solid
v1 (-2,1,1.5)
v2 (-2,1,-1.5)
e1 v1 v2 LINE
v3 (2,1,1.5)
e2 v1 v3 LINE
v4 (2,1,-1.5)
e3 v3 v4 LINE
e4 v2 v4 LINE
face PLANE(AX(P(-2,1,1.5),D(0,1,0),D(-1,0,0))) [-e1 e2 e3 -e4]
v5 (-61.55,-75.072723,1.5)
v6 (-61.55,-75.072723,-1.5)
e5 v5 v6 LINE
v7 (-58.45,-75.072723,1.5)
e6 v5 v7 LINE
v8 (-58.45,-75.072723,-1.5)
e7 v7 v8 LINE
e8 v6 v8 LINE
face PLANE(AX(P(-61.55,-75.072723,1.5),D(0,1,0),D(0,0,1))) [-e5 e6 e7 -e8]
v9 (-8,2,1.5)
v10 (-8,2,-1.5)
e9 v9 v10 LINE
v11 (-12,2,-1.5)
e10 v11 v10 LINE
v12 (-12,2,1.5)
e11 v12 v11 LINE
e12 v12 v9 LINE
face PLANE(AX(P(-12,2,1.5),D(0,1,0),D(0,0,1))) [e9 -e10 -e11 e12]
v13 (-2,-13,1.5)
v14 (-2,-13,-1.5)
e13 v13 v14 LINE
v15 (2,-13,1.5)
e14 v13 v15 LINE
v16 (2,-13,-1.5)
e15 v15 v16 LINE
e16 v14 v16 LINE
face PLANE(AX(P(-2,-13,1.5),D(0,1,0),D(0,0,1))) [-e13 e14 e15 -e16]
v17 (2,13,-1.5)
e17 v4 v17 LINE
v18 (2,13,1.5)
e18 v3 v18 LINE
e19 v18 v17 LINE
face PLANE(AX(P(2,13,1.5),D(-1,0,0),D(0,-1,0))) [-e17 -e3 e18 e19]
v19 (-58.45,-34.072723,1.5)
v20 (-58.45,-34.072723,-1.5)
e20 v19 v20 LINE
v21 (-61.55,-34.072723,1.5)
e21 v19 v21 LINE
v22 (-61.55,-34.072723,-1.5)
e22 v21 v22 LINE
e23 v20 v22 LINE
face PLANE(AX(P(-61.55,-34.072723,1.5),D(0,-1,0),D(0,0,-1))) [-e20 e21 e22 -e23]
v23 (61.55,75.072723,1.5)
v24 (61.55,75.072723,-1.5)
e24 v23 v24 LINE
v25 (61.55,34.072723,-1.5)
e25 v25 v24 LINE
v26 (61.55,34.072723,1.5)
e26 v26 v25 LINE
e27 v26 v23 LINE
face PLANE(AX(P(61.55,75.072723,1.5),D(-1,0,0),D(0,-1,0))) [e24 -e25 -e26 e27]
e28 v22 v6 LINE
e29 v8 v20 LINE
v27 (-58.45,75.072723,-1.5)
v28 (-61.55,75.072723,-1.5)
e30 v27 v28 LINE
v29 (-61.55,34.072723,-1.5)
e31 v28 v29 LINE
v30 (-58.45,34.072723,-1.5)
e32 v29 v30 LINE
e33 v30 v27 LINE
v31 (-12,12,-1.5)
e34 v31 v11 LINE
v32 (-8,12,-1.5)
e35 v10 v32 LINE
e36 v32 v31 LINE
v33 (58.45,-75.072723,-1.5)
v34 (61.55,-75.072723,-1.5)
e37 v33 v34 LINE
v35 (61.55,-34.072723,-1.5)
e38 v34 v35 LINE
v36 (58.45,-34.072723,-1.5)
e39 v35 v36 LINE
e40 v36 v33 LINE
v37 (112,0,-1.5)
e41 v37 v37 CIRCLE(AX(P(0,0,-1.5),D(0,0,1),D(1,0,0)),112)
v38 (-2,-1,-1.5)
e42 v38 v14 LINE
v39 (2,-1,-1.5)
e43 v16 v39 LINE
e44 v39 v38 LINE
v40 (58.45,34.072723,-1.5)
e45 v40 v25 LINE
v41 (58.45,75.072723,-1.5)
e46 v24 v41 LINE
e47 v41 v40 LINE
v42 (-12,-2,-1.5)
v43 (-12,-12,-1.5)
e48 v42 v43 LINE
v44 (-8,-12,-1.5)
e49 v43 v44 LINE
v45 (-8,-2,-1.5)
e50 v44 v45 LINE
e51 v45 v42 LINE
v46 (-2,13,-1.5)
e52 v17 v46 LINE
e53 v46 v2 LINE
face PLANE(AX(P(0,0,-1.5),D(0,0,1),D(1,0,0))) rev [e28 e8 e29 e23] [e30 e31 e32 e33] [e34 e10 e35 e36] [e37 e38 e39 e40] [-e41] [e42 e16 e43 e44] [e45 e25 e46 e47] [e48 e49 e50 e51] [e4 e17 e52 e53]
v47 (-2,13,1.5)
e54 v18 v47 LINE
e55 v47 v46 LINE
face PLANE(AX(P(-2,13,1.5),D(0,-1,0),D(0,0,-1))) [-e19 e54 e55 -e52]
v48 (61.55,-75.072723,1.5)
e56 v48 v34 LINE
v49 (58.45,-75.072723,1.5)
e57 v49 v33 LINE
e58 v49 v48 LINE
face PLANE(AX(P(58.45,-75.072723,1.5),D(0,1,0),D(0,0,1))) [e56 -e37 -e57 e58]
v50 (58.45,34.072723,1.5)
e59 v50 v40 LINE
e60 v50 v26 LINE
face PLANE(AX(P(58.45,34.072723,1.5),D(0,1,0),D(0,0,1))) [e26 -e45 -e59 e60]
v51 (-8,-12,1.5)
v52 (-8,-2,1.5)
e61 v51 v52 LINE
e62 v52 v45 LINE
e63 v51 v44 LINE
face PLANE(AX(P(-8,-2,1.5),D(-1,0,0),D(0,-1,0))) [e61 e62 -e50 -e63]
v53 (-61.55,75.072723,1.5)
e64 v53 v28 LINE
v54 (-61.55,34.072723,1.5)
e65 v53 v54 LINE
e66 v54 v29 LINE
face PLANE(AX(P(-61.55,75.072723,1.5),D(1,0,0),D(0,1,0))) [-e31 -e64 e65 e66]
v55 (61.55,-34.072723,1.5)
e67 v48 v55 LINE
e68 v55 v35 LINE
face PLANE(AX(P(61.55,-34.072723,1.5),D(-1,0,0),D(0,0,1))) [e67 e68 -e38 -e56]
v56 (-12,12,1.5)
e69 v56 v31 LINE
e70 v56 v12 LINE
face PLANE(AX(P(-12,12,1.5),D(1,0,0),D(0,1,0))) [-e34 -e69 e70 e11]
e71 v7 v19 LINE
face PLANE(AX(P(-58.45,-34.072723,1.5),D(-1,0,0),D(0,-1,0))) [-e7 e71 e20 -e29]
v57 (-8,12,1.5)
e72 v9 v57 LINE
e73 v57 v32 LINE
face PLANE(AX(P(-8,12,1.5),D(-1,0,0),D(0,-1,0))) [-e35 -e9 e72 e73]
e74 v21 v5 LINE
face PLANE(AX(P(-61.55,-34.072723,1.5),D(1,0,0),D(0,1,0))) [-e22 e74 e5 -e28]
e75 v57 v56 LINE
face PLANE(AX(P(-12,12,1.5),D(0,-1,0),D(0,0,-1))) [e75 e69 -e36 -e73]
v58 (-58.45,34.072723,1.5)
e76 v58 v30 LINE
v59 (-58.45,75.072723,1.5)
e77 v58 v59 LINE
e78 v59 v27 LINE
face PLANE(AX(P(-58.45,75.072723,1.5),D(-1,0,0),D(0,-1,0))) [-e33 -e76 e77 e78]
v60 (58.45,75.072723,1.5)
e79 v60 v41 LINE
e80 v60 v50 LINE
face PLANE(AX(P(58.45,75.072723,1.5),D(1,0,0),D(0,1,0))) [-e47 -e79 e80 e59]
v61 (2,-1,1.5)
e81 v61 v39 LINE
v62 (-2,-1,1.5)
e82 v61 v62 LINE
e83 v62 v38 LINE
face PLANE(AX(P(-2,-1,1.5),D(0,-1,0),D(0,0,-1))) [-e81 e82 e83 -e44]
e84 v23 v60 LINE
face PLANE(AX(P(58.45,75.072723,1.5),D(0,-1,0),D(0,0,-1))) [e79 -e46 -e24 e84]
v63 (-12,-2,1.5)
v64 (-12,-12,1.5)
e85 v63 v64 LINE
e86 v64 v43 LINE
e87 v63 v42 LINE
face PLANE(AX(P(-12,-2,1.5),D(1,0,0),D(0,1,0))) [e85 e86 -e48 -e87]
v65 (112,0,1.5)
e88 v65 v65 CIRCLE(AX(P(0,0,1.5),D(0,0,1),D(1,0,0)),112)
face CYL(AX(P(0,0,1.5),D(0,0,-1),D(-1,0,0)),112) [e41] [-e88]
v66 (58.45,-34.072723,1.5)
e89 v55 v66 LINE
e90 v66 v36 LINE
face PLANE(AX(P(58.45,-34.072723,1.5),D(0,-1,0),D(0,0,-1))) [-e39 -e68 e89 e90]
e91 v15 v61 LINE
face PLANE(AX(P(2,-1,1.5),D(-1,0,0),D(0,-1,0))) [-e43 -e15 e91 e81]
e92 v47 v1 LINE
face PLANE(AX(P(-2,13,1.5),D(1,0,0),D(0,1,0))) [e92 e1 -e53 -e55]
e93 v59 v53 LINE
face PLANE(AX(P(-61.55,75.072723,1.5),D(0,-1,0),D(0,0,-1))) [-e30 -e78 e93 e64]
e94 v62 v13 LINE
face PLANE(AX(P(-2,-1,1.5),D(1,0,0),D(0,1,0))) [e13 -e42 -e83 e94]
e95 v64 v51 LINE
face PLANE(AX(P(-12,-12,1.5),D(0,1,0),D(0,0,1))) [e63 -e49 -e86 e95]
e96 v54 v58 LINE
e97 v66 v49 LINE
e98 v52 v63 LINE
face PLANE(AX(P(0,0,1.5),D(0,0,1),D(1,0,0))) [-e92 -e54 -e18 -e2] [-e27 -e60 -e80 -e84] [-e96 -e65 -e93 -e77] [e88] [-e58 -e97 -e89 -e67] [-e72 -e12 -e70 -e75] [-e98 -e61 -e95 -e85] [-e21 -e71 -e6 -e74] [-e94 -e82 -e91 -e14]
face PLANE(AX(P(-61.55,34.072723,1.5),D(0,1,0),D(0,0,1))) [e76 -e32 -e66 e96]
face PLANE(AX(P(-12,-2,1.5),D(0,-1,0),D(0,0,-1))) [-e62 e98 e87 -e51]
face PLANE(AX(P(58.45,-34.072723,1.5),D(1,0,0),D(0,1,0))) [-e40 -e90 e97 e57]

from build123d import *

# Parameters (mm, degrees)
SKETCH1_R           = 112
SKETCH1_W           = 3.1
SKETCH1_H           = 41
SKETCH1_W_2         = 4
SKETCH1_H_2         = 12
SKETCH1_H_3         = 10
BOSS_EXTRUDE1_DEPTH = 1.5


with BuildPart() as part:
    # Sketch1 → Boss-Extrude1 (new body, symmetric)
    with BuildSketch(Plane.XY):
        Circle(SKETCH1_R)
        with Locations((-60, 54.57272334)):
            Rectangle(SKETCH1_W, SKETCH1_H, mode=Mode.SUBTRACT)
        with Locations((-60, -54.57272334)):
            Rectangle(SKETCH1_W, SKETCH1_H, mode=Mode.SUBTRACT)
        with Locations((60, 54.57272334)):
            Rectangle(SKETCH1_W, SKETCH1_H, mode=Mode.SUBTRACT)
        with Locations((60, -54.57272334)):
            Rectangle(SKETCH1_W, SKETCH1_H, mode=Mode.SUBTRACT)
        with Locations((0, 7)):
            Rectangle(SKETCH1_W_2, SKETCH1_H_2, mode=Mode.SUBTRACT)
        with Locations((0, -7)):
            Rectangle(SKETCH1_W_2, SKETCH1_H_2, mode=Mode.SUBTRACT)
        with Locations((-10, 7)):
            Rectangle(SKETCH1_W_2, SKETCH1_H_3, mode=Mode.SUBTRACT)
        with Locations((-10, -7)):
            Rectangle(SKETCH1_W_2, SKETCH1_H_3, mode=Mode.SUBTRACT)
    extrude(amount=BOSS_EXTRUDE1_DEPTH, both=True)


solid = part.part
